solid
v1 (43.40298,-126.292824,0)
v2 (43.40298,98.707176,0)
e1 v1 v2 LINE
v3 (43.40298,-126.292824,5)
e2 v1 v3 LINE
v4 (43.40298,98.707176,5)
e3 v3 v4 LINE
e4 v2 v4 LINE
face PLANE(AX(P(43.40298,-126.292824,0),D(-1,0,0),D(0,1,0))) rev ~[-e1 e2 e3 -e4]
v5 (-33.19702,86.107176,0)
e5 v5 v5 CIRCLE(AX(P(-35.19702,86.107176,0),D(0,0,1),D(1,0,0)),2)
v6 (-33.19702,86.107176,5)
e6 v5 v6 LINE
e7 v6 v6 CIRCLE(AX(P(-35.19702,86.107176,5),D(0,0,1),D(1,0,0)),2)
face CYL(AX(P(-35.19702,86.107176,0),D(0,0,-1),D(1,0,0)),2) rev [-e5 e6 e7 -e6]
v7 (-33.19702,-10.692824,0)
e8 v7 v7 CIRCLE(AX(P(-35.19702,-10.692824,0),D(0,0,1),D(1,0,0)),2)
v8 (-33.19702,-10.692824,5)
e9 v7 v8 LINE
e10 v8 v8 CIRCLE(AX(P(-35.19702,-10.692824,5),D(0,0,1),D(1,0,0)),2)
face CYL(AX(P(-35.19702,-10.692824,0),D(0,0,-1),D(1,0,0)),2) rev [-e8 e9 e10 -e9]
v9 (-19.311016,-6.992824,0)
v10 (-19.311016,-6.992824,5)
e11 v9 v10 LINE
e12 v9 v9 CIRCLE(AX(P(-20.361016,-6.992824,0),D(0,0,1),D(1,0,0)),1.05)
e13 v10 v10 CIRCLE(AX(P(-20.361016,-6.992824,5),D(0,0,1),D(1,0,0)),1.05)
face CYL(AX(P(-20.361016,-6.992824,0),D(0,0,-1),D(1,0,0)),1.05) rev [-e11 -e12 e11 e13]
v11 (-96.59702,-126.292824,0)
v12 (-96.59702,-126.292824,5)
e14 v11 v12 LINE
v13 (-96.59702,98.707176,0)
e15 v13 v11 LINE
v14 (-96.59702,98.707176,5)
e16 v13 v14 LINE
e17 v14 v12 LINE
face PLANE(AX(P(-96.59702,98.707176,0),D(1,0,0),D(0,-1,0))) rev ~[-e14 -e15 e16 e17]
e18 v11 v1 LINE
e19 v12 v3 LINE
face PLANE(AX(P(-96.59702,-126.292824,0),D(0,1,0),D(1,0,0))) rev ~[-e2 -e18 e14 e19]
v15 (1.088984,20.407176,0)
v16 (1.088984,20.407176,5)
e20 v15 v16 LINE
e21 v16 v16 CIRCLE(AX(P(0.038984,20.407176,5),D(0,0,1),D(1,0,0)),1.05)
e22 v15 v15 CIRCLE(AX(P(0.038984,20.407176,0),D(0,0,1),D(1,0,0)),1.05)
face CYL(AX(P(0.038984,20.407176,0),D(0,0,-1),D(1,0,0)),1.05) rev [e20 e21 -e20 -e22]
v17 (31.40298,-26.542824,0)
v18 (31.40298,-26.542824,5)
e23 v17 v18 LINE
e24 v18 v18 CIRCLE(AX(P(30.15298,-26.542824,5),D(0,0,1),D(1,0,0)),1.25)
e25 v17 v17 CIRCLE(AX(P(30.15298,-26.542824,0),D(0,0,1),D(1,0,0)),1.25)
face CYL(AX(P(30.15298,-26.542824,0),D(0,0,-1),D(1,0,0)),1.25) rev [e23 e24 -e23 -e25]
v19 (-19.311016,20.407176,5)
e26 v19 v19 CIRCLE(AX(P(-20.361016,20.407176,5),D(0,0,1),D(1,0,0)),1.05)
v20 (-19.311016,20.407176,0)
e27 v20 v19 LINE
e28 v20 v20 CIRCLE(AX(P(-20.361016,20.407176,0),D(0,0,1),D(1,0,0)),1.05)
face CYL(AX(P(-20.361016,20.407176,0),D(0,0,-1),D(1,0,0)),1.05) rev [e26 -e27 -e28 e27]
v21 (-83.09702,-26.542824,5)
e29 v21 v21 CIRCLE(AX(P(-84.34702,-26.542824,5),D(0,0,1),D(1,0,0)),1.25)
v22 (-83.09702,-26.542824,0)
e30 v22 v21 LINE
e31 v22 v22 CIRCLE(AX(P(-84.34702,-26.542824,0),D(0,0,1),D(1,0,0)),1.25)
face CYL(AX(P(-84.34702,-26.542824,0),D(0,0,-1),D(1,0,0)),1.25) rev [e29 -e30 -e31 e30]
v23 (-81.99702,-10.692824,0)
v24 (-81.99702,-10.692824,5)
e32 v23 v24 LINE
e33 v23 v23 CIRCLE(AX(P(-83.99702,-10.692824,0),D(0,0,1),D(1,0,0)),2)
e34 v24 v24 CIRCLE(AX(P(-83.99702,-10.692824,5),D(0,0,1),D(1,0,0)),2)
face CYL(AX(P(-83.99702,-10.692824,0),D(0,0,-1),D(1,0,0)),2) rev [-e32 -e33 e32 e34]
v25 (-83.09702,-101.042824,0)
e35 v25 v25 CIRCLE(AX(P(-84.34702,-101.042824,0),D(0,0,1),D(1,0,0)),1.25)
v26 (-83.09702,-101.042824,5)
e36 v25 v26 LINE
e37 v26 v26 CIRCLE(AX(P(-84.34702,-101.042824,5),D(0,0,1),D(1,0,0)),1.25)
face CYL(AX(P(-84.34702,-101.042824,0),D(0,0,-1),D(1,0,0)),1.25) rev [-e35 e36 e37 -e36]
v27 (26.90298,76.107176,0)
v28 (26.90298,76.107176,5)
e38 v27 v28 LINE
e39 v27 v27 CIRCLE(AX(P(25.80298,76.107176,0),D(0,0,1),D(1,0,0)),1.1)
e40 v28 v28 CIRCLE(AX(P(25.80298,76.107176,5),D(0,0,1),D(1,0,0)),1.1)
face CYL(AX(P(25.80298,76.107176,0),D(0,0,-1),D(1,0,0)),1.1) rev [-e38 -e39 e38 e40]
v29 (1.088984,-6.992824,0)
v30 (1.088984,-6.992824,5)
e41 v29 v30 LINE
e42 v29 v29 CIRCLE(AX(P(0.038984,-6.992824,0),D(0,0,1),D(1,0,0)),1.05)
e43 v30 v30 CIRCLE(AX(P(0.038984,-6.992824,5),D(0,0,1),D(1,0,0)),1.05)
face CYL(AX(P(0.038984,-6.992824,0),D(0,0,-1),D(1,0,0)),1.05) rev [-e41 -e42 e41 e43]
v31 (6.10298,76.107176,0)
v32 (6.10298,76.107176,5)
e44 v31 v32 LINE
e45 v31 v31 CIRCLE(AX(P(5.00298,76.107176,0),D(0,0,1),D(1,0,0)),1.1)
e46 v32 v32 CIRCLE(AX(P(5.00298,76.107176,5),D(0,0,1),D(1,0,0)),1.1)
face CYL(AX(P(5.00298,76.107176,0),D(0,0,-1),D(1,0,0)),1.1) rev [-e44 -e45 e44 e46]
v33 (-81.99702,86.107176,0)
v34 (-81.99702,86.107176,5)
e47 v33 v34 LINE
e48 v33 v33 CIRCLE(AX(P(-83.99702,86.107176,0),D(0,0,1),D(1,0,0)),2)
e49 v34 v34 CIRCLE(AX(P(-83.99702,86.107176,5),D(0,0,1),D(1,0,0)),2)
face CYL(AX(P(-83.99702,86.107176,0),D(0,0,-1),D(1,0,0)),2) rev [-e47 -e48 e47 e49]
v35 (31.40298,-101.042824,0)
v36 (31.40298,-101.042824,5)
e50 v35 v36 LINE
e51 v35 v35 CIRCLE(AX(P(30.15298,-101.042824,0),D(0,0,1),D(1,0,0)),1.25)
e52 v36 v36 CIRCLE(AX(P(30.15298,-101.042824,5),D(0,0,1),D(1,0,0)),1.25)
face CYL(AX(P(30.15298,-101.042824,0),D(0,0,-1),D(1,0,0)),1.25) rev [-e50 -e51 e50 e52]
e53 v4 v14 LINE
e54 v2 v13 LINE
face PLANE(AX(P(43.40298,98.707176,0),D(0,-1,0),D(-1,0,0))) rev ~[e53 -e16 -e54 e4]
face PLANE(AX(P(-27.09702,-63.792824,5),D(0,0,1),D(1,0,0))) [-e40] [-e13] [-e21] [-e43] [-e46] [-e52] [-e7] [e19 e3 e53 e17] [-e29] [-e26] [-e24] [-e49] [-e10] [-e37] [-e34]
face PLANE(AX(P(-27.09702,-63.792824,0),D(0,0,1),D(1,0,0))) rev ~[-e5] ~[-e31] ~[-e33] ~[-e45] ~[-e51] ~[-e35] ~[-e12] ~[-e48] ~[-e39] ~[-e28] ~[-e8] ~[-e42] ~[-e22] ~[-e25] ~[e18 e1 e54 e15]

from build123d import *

# Parameters (mm, degrees)
F0_R     = 1.25
F0_W     = 26
F0_H     = 35.5
F0_R_2   = 2
F0_R_3   = 1.05
F0_W_2   = 15
F0_H_2   = 10
F0_R_4   = 1.1
F0_W_3   = 10
F0_H_3   = 20
F0_W_4   = 45
F1_DEPTH = 5


with BuildPart() as f1:
    # F0 (on Top) → F1 (new body)
    with BuildSketch(Plane.XY):
        Polygon((33.40298, -104.292824), (33.40298, -43.292824), (33.40298, -23.292824), (-87.59702, -23.292824), (-87.59702, -104.292824), align=None)
        with Locations((-84.34702, -101.042824)):
            Circle(F0_R, mode=Mode.SUBTRACT)
        with Locations((-84.34702, -26.542824)):
            Circle(F0_R, mode=Mode.SUBTRACT)
        with Locations((30.15298, -101.042824)):
            Circle(F0_R, mode=Mode.SUBTRACT)
        with Locations((30.15298, -26.542824)):
            Circle(F0_R, mode=Mode.SUBTRACT)
        Polygon((-81.59702, 98.707176), (-96.59702, 98.707176), (-96.59702, -126.292824), (43.40298, -126.292824), (43.40298, -43.292824), (33.40298, -43.292824), (33.40298, -104.292824), (-87.59702, -104.292824), (-87.59702, -23.292824), (33.40298, -23.292824), (43.40298, -23.292824), (43.40298, 98.707176), (-36.59702, 98.707176), (-36.59702, 88.707176), (-35.19702, 88.707176), (-32.59702, 88.707176), (-32.59702, 86.107176), (-32.59702, -10.692824), (-32.59702, -13.292824), (-35.19702, -13.292824), (-83.99702, -13.292824), (-86.59702, -13.292824), (-86.59702, -10.692824), (-86.59702, 86.107176), (-86.59702, 86.507176), (-86.59702, 88.707176), (-84.39702, 88.707176), (-83.99702, 88.707176), (-81.59702, 88.707176), align=None)
        Polygon((-23.161016, -9.792824), (-23.161016, 23.207176), (-17.161016, 23.207176), (-17.161016, 33.207176), (-2.161016, 33.207176), (-2.161016, 23.207176), (2.838984, 23.207176), (2.838984, -9.792824), align=None, mode=Mode.SUBTRACT)
        with Locations((15.40298, 60.957176)):
            Rectangle(F0_W, F0_H, mode=Mode.SUBTRACT)
        Polygon((-36.59702, 88.707176), (-81.59702, 88.707176), (-83.99702, 88.707176), (-84.39702, 88.707176), (-86.59702, 88.707176), (-86.59702, 86.507176), (-86.59702, 86.107176), (-86.59702, -10.692824), (-86.59702, -13.292824), (-83.99702, -13.292824), (-35.19702, -13.292824), (-32.59702, -13.292824), (-32.59702, -10.692824), (-32.59702, 86.107176), (-32.59702, 88.707176), (-35.19702, 88.707176), align=None)
        with Locations((-83.99702, -10.692824)):
            Circle(F0_R_2, mode=Mode.SUBTRACT)
        with Locations((-35.19702, -10.692824)):
            Circle(F0_R_2, mode=Mode.SUBTRACT)
        with Locations((-83.99702, 86.107176)):
            Circle(F0_R_2, mode=Mode.SUBTRACT)
        with Locations((-35.19702, 86.107176)):
            Circle(F0_R_2, mode=Mode.SUBTRACT)
        Polygon((-17.161016, 23.207176), (-23.161016, 23.207176), (-23.161016, -9.792824), (2.838984, -9.792824), (2.838984, 23.207176), (-2.161016, 23.207176), align=None)
        with Locations((-20.361016, -6.992824)):
            Circle(F0_R_3, mode=Mode.SUBTRACT)
        with Locations((0.038984, -6.992824)):
            Circle(F0_R_3, mode=Mode.SUBTRACT)
        with Locations((-20.361016, 20.407176)):
            Circle(F0_R_3, mode=Mode.SUBTRACT)
        with Locations((0.038984, 20.407176)):
            Circle(F0_R_3, mode=Mode.SUBTRACT)
        with Locations((-9.661016, 28.207176)):
            Rectangle(F0_W_2, F0_H_2)
        with Locations((15.40298, 60.957176)):
            Rectangle(F0_W, F0_H)
        with Locations((5.00298, 76.107176)):
            Circle(F0_R_4, mode=Mode.SUBTRACT)
        with Locations((25.80298, 76.107176)):
            Circle(F0_R_4, mode=Mode.SUBTRACT)
        with Locations((38.40298, -33.292824)):
            Rectangle(F0_W_3, F0_H_3)
        with Locations((-59.09702, 93.707176)):
            Rectangle(F0_W_4, F0_H_2)
    extrude(amount=F1_DEPTH)


solid = f1.part
